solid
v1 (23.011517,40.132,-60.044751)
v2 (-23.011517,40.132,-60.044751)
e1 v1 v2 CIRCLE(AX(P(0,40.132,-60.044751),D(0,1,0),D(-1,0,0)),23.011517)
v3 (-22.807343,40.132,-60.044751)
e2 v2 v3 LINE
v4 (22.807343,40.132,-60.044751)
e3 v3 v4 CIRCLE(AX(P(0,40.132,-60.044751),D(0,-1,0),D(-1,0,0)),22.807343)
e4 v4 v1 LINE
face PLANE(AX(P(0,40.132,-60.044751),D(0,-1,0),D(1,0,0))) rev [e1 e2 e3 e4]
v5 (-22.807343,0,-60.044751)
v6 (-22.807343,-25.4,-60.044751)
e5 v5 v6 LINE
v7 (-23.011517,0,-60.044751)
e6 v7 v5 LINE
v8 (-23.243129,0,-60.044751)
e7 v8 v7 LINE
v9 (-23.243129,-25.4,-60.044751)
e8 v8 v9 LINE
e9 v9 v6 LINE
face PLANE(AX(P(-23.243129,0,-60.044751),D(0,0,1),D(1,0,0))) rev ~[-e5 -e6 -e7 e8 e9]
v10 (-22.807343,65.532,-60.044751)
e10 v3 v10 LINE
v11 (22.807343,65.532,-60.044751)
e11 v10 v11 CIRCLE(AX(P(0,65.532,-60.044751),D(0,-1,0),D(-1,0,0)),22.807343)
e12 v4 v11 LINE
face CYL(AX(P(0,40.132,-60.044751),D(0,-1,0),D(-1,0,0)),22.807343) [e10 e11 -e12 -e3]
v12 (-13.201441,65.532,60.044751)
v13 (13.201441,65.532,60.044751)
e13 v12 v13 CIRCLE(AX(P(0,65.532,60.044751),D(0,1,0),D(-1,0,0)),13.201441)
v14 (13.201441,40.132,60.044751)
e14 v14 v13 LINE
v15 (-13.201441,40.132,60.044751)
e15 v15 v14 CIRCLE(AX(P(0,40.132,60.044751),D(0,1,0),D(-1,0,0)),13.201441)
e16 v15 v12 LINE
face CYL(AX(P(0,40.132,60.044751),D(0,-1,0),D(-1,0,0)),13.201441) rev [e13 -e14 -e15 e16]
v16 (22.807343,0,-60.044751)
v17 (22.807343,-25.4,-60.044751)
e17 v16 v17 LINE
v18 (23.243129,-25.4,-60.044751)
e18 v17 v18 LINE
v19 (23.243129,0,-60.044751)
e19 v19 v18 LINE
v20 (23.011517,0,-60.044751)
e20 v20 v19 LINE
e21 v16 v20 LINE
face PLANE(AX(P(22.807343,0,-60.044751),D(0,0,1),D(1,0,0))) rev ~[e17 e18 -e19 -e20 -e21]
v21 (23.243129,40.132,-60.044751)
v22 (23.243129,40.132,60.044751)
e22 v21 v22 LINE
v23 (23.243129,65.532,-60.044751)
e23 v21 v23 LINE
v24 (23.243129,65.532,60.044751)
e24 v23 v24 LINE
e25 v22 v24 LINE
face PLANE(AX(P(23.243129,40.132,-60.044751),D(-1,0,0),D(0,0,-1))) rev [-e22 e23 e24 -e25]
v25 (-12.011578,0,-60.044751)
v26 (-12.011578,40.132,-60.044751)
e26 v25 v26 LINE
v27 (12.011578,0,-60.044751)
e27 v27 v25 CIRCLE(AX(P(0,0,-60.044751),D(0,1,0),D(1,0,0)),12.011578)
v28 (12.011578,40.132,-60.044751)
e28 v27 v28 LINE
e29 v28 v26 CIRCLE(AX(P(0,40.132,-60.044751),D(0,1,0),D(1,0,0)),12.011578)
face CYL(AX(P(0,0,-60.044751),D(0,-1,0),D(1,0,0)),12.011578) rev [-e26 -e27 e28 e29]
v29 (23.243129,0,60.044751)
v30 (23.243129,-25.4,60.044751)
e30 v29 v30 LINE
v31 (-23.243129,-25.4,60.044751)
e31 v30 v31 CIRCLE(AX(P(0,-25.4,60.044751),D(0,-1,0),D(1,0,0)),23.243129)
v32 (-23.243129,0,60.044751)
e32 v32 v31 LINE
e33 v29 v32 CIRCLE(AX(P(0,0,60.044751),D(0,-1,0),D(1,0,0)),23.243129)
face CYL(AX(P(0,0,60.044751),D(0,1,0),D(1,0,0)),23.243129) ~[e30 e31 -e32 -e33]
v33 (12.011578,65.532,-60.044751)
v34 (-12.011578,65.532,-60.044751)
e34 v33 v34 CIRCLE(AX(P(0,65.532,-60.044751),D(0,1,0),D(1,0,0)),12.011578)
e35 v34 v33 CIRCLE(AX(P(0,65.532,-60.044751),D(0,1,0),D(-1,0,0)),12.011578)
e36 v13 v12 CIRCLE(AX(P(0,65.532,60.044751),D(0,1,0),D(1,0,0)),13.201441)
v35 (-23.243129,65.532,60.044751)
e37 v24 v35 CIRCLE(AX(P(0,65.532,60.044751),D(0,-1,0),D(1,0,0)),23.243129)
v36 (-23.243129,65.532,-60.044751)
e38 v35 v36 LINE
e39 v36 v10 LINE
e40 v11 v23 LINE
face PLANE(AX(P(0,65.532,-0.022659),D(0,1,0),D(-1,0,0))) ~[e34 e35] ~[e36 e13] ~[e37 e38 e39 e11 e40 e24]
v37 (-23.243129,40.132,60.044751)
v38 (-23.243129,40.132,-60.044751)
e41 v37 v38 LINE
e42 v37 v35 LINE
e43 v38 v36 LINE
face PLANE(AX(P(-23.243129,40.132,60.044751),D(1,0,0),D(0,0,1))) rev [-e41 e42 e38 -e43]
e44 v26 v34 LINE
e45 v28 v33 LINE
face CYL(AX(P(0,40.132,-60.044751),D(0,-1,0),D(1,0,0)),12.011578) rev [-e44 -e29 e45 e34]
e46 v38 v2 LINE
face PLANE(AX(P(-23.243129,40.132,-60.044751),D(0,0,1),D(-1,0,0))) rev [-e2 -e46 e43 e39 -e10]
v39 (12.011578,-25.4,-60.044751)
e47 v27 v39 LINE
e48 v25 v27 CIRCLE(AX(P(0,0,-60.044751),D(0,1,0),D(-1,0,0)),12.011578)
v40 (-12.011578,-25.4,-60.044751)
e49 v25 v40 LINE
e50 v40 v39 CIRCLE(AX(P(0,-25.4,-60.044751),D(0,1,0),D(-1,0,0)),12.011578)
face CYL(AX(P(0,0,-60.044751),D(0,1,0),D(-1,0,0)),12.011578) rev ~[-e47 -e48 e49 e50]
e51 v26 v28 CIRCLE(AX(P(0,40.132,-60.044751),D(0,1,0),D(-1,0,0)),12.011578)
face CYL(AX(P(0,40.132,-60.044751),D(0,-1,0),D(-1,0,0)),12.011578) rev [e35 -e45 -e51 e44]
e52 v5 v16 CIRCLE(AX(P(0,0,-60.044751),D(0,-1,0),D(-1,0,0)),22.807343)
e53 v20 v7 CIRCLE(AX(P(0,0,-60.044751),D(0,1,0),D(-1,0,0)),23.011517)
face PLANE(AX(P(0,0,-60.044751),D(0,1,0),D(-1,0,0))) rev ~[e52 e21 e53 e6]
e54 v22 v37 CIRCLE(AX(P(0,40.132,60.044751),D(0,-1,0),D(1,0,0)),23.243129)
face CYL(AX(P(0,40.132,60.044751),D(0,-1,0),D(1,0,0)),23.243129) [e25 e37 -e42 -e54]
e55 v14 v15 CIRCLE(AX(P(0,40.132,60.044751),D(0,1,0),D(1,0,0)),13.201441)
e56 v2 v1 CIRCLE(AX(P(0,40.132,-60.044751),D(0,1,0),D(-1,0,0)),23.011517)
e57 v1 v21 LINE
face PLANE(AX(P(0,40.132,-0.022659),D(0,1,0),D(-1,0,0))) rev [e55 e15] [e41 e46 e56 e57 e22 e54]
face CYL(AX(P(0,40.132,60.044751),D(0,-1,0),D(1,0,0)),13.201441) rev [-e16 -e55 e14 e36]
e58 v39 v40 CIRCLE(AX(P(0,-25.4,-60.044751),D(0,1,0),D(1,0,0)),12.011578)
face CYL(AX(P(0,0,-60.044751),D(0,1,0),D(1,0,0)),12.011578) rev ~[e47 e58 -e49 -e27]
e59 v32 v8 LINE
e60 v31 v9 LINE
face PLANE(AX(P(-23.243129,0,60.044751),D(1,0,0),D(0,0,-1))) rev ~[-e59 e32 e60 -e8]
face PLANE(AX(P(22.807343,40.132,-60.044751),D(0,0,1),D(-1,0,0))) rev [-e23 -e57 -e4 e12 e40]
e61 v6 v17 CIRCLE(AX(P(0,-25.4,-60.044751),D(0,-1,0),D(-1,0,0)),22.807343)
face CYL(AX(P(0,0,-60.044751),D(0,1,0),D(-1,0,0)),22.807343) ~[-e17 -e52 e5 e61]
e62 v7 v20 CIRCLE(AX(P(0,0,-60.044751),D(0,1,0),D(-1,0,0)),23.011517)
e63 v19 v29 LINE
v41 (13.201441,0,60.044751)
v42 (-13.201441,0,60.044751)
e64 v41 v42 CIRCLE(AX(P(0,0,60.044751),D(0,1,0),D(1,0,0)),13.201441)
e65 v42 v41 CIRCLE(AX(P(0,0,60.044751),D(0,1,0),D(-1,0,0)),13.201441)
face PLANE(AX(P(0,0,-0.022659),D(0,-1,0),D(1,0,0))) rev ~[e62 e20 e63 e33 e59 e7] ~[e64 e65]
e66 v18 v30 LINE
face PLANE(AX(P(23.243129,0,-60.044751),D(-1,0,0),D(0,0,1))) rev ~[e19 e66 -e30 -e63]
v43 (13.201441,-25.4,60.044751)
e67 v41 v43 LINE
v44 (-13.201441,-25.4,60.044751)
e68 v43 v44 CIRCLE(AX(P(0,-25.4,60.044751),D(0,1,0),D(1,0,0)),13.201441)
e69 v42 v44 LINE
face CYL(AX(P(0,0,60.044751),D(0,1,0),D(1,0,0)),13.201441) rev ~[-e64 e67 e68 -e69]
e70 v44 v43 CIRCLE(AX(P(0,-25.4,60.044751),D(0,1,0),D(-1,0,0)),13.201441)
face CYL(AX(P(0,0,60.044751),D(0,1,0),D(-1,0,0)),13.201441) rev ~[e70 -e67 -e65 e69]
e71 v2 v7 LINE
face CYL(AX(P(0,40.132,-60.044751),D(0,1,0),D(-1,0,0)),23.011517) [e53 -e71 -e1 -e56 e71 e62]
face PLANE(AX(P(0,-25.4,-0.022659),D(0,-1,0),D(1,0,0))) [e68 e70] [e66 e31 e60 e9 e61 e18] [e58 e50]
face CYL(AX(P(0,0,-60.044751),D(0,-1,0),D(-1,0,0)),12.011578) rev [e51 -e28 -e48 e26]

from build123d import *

# Parameters (mm, degrees)
F1_DEPTH = 25.4
F2_R     = 23.0115173136
F3_DEPTH = 20.066
F5_DEPTH = 65.533


with BuildPart() as f1:
    # F0 (on Front) → F1 (new body)
    with BuildSketch(Plane.XZ):
        with BuildLine():
            Line((23.2431292534, -60.0447505713), (23.2431292534, 60.0447505713))
            ThreePointArc((23.2431292534, 60.0447505713), (0, 36.8016213179), (-23.2431292534, 60.0447505713))
            Line((-23.2431292534, 60.0447505713), (-23.2431292534, -60.0447505713))
            Line((-23.2431292534, -60.0447505713), (-22.8073433001, -60.0447505713))
            ThreePointArc((-22.8073433001, -60.0447505713), (0, -37.2374072712), (22.8073433001, -60.0447505713))
            Line((22.8073433001, -60.0447505713), (23.2431292534, -60.0447505713))
        make_face()
        with BuildLine():
            Line((23.2431292534, 60.0447505713), (13.2014414659, 60.0447505713))
            ThreePointArc((13.2014414659, 60.0447505713), (0, 46.8433091053), (-13.2014414659, 60.0447505713))
            Line((-13.2014414659, 60.0447505713), (-23.2431292534, 60.0447505713))
            ThreePointArc((-23.2431292534, 60.0447505713), (0, 36.8016213179), (23.2431292534, 60.0447505713))
        make_face()
        with BuildLine():
            Line((12.0115778455, -60.0447505713), (22.8073433001, -60.0447505713))
            ThreePointArc((22.8073433001, -60.0447505713), (0, -37.2374072712), (-22.8073433001, -60.0447505713))
            Line((-22.8073433001, -60.0447505713), (-12.0115778455, -60.0447505713))
            ThreePointArc((-12.0115778455, -60.0447505713), (0, -48.0331727257), (12.0115778455, -60.0447505713))
        make_face()
        with BuildLine():
            ThreePointArc((-22.8073433001, -60.0447505713), (0, -82.8520938713), (22.8073433001, -60.0447505713))
            Line((22.8073433001, -60.0447505713), (12.0115778455, -60.0447505713))
            ThreePointArc((12.0115778455, -60.0447505713), (0, -72.0563284168), (-12.0115778455, -60.0447505713))
            Line((-12.0115778455, -60.0447505713), (-22.8073433001, -60.0447505713))
        make_face()
        with BuildLine():
            ThreePointArc((-13.2014414659, 60.0447505713), (0, 73.2461920372), (13.2014414659, 60.0447505713))
            Line((13.2014414659, 60.0447505713), (23.2431292534, 60.0447505713))
            ThreePointArc((23.2431292534, 60.0447505713), (0, 83.2878798246), (-23.2431292534, 60.0447505713))
            Line((-23.2431292534, 60.0447505713), (-13.2014414659, 60.0447505713))
        make_face()
    extrude(amount=F1_DEPTH)

    # F2 (on face) → F3 (join)
    with BuildSketch(Plane(origin=(0, 0, 0), x_dir=(-1, 0, 0), z_dir=(0, 1, 0))):
        with Locations((0, -60.0447505713)):
            Circle(F2_R)
    extrude(amount=F3_DEPTH)

    # F4: F1 across face


with BuildPart() as f1_1:
    add(f1.part)
    add(f1.part.mirror(Plane(origin=(0, 20.066, -60.0447505713), x_dir=(-1, 0, 0), z_dir=(0, 1, 0))))

    # F5 (cut, through all): a face of the model
    f5_faces = [f1_1.faces().sort_by_distance(p)[0] for p in [
        (0, 0, -60.0447505713),
    ]]
    extrude(f5_faces, amount=-F5_DEPTH, mode=Mode.SUBTRACT)


solid = f1_1.part
